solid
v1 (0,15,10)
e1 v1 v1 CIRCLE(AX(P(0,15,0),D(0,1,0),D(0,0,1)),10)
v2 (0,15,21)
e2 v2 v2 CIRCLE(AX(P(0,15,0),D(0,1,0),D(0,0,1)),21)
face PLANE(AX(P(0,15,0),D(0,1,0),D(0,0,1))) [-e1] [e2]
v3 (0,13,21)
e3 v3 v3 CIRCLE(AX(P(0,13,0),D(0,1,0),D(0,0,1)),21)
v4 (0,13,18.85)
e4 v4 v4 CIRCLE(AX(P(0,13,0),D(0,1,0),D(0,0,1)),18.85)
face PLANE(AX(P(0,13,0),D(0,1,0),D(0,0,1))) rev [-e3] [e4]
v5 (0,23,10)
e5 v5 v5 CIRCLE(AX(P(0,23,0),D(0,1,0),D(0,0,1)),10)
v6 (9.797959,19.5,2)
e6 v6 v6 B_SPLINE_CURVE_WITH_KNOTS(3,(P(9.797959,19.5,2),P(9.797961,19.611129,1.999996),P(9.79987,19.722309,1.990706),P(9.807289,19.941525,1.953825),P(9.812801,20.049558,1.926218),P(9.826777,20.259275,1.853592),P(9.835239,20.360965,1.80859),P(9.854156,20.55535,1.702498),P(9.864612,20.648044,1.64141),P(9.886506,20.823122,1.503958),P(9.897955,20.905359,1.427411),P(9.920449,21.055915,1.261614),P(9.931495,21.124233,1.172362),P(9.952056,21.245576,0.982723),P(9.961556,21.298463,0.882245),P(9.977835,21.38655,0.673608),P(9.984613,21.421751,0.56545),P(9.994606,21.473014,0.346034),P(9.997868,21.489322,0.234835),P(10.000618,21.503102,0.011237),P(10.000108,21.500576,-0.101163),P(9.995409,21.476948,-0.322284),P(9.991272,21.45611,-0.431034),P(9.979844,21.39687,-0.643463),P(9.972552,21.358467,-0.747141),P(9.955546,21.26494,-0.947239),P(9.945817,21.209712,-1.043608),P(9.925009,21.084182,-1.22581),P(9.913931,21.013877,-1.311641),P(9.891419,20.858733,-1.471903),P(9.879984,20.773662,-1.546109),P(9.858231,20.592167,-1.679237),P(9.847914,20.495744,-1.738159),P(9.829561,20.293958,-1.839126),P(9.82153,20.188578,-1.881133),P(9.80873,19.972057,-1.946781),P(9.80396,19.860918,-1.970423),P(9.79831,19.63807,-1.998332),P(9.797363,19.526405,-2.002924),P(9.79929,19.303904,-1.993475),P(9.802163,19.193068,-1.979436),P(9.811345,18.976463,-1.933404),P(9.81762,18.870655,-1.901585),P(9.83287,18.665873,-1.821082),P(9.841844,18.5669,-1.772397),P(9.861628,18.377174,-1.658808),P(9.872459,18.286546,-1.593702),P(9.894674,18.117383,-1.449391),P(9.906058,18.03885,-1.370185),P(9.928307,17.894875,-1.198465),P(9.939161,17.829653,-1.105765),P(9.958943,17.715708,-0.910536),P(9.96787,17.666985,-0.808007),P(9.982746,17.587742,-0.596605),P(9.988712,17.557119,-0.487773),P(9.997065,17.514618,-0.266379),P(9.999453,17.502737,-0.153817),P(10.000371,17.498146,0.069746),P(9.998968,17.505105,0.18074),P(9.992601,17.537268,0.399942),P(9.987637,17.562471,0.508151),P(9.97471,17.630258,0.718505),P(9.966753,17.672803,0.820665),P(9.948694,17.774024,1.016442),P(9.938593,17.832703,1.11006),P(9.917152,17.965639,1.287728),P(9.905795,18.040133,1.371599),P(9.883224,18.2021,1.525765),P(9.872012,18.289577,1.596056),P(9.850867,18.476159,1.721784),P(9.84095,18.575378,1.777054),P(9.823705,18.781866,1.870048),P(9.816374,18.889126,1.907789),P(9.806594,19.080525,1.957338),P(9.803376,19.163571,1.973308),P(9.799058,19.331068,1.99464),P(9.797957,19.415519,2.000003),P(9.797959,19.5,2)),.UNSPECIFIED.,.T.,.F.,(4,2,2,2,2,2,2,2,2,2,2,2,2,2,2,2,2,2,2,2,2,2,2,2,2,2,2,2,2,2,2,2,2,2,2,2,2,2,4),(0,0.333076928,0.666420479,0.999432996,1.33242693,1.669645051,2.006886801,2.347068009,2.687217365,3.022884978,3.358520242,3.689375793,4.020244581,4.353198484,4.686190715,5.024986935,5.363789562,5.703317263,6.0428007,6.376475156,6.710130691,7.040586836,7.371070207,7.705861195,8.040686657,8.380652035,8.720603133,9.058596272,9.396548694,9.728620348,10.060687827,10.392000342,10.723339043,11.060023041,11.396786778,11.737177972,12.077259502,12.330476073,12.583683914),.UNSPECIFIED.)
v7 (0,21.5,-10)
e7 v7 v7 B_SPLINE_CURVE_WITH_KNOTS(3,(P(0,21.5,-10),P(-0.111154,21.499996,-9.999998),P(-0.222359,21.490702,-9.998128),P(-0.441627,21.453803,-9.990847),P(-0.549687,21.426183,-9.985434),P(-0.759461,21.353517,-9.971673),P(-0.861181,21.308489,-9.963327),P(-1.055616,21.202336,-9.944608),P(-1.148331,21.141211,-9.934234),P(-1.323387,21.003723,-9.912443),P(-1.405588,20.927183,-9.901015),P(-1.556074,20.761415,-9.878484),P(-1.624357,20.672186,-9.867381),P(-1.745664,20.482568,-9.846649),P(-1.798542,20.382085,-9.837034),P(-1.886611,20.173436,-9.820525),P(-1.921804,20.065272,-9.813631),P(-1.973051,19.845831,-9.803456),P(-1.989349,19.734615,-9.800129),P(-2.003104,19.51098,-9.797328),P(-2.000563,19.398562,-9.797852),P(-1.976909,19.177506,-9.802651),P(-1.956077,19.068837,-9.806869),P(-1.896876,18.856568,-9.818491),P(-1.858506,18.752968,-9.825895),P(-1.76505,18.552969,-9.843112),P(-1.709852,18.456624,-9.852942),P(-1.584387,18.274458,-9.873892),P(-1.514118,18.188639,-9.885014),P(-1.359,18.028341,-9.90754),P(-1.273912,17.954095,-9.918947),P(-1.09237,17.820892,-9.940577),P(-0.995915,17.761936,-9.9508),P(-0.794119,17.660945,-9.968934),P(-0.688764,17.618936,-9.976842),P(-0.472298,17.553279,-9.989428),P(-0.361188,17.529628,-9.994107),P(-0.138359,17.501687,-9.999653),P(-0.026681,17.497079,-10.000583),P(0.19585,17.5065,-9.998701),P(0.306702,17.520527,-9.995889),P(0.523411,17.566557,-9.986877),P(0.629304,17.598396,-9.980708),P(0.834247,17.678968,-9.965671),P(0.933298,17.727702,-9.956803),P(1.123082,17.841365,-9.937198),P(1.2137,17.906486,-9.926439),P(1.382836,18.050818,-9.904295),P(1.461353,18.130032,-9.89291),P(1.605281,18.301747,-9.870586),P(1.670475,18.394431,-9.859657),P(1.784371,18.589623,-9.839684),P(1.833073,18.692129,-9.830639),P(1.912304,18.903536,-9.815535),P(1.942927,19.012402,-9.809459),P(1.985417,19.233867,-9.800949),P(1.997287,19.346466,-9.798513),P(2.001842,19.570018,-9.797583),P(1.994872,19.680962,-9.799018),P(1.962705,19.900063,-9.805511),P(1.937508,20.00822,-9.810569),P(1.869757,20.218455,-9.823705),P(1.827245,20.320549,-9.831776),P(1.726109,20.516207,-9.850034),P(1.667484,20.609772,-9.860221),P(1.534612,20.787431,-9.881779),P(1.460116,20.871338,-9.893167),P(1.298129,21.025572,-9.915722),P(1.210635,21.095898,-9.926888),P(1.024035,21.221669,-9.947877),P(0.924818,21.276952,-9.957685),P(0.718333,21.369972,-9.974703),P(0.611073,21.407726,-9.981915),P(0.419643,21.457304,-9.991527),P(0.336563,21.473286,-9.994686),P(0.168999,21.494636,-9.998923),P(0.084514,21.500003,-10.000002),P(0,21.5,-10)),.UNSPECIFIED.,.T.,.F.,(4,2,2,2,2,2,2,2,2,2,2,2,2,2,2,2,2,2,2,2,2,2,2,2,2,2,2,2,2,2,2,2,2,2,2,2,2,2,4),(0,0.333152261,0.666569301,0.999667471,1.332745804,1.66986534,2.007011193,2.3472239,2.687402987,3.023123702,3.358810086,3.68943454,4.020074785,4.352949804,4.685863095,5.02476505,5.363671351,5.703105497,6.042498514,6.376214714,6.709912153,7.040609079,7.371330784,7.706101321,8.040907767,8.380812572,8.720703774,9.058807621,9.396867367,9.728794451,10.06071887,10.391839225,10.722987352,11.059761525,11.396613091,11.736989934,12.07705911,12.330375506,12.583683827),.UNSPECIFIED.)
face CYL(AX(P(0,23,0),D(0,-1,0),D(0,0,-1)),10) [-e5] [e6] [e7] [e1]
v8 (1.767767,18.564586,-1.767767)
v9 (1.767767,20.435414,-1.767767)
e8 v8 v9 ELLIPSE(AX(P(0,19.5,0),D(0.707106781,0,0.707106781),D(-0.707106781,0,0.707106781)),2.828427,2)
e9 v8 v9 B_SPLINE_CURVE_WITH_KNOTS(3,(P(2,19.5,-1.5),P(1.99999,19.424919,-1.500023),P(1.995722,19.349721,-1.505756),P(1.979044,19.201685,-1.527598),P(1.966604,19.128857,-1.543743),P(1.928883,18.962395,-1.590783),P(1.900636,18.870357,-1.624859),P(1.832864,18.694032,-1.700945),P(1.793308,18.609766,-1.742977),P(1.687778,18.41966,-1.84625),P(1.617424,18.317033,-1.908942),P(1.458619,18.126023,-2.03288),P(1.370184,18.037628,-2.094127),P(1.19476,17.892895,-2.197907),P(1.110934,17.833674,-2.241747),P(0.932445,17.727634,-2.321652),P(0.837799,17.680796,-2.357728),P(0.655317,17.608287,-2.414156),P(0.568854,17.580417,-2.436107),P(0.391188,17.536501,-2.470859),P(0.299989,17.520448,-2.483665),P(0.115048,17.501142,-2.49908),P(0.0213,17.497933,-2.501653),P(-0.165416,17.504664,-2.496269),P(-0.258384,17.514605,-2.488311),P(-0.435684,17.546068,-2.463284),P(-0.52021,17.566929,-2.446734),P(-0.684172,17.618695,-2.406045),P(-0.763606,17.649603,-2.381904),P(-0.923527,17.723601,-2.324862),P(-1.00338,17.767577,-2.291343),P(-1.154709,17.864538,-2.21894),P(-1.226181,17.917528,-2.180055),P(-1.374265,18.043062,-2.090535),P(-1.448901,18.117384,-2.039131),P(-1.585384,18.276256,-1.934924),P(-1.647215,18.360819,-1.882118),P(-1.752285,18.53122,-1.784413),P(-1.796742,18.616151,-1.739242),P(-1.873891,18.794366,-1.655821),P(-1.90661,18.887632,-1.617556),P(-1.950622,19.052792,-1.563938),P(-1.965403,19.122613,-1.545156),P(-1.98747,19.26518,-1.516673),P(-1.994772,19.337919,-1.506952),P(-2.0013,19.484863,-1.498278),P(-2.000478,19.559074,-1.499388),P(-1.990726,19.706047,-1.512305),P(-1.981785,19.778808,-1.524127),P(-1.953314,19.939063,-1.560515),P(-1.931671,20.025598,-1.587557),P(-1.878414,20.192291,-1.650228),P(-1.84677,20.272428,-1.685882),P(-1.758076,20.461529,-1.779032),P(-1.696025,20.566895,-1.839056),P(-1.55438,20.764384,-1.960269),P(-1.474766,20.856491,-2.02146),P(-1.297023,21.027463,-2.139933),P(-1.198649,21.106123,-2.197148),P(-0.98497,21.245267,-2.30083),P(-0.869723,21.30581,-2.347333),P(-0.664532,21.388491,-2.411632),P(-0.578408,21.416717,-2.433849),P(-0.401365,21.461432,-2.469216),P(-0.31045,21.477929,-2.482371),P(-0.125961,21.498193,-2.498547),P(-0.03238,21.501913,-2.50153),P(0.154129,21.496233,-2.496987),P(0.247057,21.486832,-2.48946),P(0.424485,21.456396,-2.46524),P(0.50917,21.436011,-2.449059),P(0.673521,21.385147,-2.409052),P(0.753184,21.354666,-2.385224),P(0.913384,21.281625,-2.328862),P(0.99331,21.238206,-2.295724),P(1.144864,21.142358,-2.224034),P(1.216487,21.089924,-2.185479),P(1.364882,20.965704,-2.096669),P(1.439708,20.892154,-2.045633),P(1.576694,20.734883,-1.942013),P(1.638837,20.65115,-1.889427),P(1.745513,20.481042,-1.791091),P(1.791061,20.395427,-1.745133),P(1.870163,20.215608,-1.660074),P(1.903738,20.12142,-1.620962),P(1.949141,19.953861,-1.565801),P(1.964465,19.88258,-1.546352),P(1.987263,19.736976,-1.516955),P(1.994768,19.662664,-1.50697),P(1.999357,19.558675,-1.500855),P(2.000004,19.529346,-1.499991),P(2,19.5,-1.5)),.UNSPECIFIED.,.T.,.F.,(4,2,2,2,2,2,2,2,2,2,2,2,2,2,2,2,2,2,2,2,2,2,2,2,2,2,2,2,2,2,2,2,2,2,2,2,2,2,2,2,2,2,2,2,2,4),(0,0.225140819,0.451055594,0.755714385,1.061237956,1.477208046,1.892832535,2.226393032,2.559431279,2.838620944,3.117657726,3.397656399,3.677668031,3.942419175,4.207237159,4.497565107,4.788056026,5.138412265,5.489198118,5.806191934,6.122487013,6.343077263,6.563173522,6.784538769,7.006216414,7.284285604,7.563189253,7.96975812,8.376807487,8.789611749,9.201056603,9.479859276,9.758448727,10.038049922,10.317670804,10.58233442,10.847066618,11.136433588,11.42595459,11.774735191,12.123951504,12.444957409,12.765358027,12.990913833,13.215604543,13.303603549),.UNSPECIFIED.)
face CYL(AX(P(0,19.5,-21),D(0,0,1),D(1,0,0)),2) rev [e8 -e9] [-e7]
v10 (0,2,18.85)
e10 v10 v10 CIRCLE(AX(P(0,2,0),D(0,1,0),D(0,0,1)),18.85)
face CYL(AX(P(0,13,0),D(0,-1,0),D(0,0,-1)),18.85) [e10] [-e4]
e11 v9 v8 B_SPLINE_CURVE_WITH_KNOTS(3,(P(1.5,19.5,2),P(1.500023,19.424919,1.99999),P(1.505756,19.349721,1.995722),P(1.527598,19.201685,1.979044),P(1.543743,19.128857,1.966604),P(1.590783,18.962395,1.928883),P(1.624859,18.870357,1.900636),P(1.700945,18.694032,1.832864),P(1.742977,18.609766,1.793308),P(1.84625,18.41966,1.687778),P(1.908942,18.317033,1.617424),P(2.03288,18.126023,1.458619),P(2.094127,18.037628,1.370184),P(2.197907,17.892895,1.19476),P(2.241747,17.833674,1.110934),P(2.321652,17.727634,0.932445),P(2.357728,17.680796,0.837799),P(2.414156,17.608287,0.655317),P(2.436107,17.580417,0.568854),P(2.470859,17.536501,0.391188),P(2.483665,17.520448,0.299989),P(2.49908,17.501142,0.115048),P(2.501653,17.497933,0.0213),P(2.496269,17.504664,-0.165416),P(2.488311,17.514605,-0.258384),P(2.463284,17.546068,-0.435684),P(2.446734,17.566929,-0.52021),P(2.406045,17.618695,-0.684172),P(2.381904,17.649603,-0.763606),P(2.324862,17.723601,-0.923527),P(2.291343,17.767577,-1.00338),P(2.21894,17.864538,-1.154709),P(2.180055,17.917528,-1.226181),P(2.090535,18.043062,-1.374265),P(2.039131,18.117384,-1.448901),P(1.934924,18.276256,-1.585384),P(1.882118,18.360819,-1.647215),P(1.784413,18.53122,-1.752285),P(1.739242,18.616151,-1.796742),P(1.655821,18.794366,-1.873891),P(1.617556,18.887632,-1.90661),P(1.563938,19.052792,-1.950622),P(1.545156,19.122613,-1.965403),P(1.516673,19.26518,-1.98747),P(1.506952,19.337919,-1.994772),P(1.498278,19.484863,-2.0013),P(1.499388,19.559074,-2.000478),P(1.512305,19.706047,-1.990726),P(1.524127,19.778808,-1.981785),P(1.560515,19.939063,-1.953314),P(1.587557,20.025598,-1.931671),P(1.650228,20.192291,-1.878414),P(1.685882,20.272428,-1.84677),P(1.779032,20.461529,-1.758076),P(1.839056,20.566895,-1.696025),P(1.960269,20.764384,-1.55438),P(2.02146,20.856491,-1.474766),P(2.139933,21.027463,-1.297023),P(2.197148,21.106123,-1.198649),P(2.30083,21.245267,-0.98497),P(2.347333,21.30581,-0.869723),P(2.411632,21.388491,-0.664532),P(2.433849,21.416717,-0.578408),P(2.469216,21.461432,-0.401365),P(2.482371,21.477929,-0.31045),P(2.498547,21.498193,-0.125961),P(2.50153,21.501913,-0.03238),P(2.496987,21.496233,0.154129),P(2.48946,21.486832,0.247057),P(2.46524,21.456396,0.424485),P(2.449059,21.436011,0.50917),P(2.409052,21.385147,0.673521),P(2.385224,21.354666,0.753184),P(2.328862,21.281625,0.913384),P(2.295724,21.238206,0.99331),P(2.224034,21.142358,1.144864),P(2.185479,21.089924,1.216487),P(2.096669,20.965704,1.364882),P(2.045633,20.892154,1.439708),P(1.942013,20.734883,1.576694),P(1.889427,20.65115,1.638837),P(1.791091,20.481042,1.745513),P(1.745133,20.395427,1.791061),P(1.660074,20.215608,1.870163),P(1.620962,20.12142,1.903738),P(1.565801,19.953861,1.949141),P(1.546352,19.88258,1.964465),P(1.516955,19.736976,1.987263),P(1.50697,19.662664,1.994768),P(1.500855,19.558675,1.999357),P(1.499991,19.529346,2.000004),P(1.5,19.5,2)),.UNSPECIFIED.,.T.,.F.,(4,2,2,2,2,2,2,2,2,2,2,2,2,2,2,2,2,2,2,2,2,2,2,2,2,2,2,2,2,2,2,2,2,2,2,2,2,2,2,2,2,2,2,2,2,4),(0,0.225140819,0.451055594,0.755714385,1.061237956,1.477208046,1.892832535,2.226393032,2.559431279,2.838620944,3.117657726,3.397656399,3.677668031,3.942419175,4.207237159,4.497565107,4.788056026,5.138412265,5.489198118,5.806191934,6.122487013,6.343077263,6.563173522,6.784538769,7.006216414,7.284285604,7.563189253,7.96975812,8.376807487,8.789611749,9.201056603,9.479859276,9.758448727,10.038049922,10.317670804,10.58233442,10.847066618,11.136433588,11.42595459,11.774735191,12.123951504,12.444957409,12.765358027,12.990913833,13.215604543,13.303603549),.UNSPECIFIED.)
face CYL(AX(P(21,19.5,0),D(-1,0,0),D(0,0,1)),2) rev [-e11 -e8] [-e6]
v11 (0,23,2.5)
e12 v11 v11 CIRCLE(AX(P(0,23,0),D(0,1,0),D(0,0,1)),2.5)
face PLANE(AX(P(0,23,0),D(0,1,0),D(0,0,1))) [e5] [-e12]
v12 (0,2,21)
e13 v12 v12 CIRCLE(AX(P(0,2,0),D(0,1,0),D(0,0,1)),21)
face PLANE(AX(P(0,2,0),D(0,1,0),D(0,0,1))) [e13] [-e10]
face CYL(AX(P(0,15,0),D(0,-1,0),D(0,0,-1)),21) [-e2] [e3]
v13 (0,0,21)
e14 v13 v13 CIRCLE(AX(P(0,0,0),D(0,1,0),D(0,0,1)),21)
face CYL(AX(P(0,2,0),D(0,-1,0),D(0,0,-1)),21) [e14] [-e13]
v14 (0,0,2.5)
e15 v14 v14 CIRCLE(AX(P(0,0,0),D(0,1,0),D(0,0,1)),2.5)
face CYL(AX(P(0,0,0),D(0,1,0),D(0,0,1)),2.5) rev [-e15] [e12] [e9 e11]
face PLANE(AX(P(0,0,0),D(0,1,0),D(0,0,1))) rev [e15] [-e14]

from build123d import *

# Parameters (mm, degrees)
SKETCH1_R           = 21
BOSS_EXTRUDE1_DEPTH = 2
SKETCH2_R           = 18.85
BOSS_EXTRUDE2_DEPTH = 11
SKETCH3_R           = 21
BOSS_EXTRUDE3_DEPTH = 2
SKETCH4_R           = 10
BOSS_EXTRUDE4_DEPTH = 8
SKETCH5_R           = 2.5
CUT_EXTRUDE1_DEPTH  = 24
SKETCH6_R           = 2
CUT_EXTRUDE2_DEPTH  = 22
CIRPATTERN1_COUNT   = 2
CIRPATTERN1_ANGLE   = 90


with BuildPart() as part:
    # Sketch1 → Boss-Extrude1 (new body)
    with BuildSketch(Plane(origin=(0, 0, 0), x_dir=(1, 0, 0), z_dir=(0, 1, 0))):
        Circle(SKETCH1_R)
    extrude(amount=BOSS_EXTRUDE1_DEPTH)

    # Sketch2 → Boss-Extrude2 (add)
    with BuildSketch(Plane(origin=(0, 2, 0), x_dir=(1, 0, 0), z_dir=(0, 1, 0))):
        Circle(SKETCH2_R)
    extrude(amount=BOSS_EXTRUDE2_DEPTH)

    # Sketch3 → Boss-Extrude3 (add)
    with BuildSketch(Plane(origin=(0, 13, 0), x_dir=(1, 0, 0), z_dir=(0, 1, 0))):
        Circle(SKETCH3_R)
    extrude(amount=BOSS_EXTRUDE3_DEPTH)

    # Sketch4 → Boss-Extrude4 (add)
    with BuildSketch(Plane(origin=(0, 15, 0), x_dir=(1, 0, 0), z_dir=(0, 1, 0))):
        Circle(SKETCH4_R)
    extrude(amount=BOSS_EXTRUDE4_DEPTH)

    # Sketch5 → Cut-Extrude1 (cut, through all)
    with BuildSketch(Plane(origin=(0, 23, 0), x_dir=(1, 0, 0), z_dir=(0, 1, 0))):
        Circle(SKETCH5_R)
    extrude(amount=-CUT_EXTRUDE1_DEPTH, mode=Mode.SUBTRACT)

    # Sketch6 → Cut-Extrude2 (cut, through all)
    with BuildSketch(Plane.XY):
        with Locations((0, 19.5)):
            Circle(SKETCH6_R)
    cut_extrude2 = extrude(amount=-CUT_EXTRUDE2_DEPTH, mode=Mode.SUBTRACT)

    # CirPattern1: Cut-Extrude2 ×2 about axis
    cirpattern1_axis = Axis((0, 23, 0), (0, -1, 0))
    for i in range(1, CIRPATTERN1_COUNT):
        add(cut_extrude2.rotate(cirpattern1_axis, i * CIRPATTERN1_ANGLE / (CIRPATTERN1_COUNT - 1)), mode=Mode.SUBTRACT)


solid = part.part
